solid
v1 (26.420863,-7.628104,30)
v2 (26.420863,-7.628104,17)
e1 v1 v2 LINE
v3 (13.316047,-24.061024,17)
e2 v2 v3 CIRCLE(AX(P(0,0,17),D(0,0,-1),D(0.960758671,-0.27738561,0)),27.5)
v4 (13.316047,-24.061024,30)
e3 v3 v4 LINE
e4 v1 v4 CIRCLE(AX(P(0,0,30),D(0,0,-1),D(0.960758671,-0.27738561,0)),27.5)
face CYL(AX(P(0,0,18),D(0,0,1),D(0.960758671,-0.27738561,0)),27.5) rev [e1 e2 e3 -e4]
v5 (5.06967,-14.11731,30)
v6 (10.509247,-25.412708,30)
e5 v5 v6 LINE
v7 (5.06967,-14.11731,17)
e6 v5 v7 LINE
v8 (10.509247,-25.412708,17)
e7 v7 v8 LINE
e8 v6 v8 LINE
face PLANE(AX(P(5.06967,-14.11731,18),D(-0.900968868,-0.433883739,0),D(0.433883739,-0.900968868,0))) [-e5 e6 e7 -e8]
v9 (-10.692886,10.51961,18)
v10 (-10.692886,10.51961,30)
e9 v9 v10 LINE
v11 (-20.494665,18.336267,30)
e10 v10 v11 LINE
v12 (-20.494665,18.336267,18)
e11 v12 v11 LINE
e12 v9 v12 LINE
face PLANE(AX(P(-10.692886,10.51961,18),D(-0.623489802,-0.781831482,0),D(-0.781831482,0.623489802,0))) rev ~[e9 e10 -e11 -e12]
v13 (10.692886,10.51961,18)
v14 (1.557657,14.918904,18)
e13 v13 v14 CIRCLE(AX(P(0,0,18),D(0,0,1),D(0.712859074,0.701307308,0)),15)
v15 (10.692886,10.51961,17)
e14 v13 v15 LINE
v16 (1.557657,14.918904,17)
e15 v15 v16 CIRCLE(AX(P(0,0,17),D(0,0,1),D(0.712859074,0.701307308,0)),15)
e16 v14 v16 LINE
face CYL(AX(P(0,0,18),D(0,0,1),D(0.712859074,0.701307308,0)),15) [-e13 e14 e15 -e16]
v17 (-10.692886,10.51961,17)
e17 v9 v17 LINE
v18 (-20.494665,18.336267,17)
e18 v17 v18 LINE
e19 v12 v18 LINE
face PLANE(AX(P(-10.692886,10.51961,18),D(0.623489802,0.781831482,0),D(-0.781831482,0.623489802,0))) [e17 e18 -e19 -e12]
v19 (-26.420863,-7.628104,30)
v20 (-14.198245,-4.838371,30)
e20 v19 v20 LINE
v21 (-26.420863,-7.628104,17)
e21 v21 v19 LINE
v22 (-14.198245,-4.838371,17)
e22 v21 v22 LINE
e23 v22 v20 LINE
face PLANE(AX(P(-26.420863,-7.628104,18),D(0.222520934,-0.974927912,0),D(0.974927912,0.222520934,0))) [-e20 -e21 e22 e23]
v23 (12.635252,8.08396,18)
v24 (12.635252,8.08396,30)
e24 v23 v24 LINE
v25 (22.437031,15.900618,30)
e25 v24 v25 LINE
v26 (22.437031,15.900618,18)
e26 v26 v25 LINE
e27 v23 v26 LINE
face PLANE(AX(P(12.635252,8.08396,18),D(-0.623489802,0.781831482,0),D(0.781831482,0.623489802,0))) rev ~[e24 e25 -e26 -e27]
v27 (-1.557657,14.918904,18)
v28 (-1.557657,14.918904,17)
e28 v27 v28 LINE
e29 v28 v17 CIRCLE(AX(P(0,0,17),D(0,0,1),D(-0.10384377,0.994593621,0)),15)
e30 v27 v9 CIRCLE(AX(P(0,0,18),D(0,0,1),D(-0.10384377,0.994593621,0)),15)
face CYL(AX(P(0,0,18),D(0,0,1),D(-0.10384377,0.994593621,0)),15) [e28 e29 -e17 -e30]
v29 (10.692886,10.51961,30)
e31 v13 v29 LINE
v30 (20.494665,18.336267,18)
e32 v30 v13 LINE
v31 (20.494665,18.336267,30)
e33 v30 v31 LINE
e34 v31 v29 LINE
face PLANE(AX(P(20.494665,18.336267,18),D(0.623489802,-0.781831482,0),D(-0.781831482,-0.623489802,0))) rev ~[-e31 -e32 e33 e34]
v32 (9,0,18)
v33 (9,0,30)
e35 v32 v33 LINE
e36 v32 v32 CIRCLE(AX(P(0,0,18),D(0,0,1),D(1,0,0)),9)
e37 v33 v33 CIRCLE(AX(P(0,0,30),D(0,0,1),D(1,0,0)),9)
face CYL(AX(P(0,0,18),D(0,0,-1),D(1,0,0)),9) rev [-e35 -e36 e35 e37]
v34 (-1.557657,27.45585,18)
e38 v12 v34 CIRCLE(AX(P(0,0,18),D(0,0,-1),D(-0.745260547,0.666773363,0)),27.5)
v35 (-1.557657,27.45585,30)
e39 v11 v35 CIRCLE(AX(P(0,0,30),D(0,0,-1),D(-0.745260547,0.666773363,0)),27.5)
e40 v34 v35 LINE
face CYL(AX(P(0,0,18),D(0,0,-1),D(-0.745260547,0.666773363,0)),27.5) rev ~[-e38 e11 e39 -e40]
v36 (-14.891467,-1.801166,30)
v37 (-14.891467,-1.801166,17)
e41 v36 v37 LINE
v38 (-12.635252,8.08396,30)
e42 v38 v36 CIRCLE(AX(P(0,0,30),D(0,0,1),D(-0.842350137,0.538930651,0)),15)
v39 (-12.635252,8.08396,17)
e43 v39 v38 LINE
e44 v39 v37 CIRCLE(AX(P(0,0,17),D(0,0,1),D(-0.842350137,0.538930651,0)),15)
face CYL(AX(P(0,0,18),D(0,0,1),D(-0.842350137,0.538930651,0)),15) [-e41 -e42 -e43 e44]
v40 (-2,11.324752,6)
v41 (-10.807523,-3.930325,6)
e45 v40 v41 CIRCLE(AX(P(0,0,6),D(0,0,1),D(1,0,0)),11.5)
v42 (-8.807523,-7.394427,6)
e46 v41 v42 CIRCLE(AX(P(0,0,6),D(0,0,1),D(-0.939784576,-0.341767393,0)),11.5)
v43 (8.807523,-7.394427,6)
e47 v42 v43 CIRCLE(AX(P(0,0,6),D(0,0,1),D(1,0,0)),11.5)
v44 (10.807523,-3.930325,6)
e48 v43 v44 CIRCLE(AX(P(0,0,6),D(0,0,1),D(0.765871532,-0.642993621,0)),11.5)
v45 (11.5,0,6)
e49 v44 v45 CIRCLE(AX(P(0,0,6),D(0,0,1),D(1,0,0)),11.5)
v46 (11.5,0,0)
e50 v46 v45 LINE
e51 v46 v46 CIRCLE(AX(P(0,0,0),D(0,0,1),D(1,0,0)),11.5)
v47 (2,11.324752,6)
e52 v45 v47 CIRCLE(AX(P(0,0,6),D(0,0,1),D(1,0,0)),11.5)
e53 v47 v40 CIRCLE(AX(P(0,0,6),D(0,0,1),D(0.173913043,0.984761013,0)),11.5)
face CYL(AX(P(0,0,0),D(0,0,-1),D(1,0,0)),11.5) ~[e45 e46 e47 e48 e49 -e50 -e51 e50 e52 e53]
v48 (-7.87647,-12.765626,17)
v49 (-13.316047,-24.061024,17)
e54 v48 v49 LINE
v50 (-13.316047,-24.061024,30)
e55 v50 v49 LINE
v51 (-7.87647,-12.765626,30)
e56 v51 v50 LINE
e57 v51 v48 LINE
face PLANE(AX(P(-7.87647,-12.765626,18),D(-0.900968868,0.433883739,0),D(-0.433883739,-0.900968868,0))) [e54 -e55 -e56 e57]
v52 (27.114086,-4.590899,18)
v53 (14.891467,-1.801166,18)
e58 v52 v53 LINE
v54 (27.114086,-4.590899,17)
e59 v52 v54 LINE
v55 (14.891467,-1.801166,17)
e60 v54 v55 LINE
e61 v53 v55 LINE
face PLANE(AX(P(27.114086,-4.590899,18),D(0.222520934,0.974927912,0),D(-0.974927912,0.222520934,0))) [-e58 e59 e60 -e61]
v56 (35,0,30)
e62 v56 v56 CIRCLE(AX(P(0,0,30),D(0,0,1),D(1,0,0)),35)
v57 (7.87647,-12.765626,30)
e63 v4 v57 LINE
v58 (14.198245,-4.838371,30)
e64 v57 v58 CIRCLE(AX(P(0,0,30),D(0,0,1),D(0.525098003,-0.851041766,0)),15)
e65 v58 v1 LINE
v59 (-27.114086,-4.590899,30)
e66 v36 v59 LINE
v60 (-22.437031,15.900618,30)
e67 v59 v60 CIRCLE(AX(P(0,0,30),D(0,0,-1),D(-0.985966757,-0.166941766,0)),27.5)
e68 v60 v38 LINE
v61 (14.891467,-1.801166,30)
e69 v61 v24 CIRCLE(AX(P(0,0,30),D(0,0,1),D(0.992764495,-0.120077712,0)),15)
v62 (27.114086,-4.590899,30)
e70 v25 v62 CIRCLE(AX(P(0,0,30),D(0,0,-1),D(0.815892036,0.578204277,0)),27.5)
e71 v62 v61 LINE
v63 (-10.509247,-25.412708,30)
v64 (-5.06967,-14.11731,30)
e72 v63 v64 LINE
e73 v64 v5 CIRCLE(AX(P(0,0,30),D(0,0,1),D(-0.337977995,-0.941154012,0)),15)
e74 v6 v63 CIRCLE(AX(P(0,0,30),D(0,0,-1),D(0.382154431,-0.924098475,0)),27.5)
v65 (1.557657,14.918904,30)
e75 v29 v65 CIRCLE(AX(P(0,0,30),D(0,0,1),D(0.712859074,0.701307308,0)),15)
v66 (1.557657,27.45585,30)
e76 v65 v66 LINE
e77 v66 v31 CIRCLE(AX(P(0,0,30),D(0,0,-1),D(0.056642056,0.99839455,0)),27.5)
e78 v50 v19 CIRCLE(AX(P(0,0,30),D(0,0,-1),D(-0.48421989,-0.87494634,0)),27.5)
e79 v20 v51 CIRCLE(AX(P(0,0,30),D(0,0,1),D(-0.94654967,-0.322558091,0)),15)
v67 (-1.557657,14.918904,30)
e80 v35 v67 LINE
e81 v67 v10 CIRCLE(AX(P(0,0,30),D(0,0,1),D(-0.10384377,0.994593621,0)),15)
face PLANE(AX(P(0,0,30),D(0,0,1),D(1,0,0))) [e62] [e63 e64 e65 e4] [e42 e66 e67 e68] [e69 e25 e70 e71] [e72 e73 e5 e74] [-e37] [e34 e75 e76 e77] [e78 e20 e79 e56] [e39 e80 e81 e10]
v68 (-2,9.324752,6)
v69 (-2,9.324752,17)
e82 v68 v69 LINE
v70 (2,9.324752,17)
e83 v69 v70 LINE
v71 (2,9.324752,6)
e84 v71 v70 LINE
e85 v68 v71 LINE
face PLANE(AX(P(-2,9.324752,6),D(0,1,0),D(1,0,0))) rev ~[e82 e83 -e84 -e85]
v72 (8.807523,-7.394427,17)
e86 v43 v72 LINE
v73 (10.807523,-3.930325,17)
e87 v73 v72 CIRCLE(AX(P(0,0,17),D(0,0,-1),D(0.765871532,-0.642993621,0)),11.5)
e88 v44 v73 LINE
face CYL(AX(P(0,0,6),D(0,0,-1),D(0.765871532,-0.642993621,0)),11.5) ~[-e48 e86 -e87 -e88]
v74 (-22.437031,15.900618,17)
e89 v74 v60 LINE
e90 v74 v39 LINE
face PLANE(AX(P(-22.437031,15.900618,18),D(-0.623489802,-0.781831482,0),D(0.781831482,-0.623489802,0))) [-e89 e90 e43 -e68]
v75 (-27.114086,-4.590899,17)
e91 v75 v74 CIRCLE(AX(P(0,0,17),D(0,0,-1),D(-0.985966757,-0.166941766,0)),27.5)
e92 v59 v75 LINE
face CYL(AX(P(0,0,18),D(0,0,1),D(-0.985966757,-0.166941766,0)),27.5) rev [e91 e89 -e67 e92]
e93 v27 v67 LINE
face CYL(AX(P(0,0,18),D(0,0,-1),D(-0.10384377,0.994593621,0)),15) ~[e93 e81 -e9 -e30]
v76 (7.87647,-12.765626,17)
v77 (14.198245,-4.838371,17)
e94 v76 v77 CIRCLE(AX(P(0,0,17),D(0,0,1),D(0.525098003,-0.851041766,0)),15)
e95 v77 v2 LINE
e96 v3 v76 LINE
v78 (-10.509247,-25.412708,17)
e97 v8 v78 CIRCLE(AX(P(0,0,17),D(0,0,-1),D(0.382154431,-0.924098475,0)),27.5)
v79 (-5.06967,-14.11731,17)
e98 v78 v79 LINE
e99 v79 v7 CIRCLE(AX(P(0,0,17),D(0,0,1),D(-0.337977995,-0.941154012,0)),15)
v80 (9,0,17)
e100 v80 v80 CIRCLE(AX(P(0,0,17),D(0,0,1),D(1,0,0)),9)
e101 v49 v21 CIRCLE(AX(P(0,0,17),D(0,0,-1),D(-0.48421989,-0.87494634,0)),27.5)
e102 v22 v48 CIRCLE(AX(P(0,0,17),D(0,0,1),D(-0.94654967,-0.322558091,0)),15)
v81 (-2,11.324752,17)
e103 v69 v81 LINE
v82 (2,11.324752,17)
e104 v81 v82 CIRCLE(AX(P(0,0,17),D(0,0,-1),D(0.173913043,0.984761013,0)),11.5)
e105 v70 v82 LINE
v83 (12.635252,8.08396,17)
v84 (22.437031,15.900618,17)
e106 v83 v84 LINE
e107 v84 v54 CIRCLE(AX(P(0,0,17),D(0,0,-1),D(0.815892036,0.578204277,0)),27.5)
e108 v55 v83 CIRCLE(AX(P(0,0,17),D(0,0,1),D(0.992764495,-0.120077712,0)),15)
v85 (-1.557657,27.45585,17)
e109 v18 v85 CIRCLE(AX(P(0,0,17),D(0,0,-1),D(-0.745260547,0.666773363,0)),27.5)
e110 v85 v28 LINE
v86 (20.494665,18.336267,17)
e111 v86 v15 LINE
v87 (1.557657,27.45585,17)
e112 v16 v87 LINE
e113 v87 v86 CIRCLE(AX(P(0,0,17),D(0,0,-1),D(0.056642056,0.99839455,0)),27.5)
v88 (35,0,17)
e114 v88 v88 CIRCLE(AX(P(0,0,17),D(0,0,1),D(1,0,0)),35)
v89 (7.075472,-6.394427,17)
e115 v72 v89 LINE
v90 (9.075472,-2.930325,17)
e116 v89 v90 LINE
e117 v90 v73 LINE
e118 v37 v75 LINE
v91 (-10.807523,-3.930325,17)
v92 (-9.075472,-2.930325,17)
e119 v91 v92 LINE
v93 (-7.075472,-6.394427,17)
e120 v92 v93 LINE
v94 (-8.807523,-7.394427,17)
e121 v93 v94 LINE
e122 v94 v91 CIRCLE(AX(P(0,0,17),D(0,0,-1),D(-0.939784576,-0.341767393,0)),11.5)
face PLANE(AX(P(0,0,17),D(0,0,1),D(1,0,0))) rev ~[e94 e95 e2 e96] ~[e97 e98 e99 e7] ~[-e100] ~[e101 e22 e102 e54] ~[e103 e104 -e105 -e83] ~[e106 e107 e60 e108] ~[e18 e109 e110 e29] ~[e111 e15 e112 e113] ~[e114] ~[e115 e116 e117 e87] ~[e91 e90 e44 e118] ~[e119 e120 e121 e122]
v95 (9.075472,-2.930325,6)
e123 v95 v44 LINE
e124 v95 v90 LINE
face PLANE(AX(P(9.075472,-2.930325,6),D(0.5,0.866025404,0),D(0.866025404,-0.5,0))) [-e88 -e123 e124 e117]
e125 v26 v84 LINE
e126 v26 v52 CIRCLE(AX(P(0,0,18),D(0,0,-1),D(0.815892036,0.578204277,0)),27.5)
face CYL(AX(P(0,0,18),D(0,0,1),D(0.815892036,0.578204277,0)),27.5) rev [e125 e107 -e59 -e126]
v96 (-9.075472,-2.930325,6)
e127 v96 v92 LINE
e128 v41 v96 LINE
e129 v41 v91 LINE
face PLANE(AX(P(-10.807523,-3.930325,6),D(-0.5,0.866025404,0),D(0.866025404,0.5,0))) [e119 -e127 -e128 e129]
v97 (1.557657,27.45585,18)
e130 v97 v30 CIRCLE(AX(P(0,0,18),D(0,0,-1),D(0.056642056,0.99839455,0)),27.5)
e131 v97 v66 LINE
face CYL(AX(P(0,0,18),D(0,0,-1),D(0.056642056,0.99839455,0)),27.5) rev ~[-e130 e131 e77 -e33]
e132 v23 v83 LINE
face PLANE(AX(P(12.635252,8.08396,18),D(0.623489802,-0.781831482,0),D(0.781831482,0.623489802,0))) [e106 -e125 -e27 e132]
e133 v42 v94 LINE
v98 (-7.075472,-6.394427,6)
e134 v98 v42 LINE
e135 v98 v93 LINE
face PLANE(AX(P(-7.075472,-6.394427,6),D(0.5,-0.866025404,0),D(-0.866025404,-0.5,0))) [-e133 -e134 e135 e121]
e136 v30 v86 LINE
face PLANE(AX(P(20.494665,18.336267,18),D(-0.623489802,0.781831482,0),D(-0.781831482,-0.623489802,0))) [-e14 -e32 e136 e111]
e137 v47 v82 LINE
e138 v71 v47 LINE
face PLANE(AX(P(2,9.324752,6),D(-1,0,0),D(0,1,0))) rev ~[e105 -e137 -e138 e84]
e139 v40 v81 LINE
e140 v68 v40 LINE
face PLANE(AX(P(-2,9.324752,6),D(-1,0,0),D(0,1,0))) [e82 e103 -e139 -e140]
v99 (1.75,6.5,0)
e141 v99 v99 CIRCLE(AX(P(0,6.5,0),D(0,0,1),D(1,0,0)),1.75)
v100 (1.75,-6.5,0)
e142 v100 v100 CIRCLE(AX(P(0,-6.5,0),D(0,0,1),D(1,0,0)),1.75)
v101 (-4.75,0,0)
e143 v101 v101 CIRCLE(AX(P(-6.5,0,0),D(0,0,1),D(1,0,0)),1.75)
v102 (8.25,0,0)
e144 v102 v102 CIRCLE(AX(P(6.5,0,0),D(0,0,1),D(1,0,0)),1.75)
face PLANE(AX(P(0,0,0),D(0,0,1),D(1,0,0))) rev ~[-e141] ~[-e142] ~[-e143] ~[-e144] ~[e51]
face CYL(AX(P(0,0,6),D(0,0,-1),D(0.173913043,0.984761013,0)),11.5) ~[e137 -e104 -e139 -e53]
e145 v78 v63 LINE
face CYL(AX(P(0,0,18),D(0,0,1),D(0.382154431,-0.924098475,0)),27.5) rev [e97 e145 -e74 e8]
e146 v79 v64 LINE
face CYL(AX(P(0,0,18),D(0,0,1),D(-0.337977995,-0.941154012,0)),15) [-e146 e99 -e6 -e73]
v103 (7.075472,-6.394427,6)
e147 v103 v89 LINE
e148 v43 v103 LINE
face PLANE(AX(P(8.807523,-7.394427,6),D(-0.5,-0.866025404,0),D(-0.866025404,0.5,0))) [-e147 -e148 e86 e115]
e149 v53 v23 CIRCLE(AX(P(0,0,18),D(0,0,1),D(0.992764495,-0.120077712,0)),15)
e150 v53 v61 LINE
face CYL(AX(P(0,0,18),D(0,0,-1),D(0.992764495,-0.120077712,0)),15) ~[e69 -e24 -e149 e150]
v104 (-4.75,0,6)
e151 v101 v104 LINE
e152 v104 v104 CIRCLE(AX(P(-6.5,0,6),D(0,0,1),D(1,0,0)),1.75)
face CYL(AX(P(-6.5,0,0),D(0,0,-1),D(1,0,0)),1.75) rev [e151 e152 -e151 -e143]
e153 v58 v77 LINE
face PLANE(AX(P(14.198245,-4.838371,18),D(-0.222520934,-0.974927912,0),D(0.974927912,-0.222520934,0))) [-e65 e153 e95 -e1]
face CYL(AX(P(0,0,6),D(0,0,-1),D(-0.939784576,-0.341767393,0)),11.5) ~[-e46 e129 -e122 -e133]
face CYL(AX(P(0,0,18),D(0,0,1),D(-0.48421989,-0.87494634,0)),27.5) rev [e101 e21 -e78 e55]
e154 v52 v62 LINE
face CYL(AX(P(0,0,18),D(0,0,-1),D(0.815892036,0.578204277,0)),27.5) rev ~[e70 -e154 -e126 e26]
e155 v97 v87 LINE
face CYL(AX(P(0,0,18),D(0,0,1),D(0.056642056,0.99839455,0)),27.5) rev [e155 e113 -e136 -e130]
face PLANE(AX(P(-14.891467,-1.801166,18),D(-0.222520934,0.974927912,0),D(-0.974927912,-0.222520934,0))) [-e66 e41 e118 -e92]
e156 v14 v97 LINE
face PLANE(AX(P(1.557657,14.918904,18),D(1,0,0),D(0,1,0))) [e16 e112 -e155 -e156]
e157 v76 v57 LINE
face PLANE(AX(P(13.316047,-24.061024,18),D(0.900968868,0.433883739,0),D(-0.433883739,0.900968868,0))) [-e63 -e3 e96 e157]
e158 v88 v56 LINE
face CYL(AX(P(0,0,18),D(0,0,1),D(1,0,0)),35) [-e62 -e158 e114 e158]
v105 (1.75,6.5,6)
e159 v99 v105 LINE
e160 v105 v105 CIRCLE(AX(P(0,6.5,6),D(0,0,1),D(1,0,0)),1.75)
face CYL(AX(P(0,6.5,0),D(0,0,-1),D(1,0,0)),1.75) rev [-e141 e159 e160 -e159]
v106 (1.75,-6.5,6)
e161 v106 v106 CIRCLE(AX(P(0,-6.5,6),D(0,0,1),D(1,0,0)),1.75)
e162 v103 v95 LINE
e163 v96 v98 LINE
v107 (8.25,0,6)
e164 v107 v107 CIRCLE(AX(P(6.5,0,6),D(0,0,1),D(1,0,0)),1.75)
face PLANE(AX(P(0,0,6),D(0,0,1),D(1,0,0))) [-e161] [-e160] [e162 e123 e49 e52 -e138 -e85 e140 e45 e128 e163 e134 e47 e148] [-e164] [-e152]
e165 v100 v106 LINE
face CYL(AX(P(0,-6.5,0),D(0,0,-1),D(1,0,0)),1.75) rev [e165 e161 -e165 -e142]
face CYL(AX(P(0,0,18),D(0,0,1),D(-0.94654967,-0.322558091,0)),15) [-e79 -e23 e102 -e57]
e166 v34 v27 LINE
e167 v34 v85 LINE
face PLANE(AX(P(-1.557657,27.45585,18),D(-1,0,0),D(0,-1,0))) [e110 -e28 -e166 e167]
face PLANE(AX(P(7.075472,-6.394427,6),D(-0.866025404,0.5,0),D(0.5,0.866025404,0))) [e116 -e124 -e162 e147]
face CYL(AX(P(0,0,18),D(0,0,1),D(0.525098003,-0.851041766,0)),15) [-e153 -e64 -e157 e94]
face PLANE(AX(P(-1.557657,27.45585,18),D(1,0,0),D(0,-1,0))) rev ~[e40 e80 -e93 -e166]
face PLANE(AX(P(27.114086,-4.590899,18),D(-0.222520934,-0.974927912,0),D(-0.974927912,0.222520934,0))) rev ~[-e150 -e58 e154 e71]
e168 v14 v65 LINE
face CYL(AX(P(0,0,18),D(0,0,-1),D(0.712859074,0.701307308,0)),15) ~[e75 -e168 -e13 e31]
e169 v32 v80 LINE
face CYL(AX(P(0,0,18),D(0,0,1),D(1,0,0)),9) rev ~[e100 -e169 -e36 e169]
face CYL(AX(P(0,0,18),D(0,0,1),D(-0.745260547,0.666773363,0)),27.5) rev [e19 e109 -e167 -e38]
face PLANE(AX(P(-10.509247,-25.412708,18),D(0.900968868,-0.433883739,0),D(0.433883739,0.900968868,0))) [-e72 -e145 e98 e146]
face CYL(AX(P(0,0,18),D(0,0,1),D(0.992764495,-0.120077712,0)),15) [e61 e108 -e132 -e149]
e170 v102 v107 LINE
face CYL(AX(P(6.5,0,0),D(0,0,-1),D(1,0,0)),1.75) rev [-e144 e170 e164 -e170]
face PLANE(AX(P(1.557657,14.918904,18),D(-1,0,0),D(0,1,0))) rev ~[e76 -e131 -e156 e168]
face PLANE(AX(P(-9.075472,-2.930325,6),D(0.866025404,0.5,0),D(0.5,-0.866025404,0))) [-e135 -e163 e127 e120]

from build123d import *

# Parameters (mm, degrees)
SKETCH1_R                = 11.5
SKETCH1_R_2              = 1.75
BOSS_EXTRUDE2_DEPTH      = 6
SKETCH2_W                = 4
SKETCH2_H                = 2
BOSS_EXTRUDE3_DEPTH      = 12
SKETCH3_R                = 35
SKETCH3_R_2              = 9
BOSS_EXTRUDE5_DEPTH      = 12
BOSS_EXTRUDE5_DEPTH_BACK = 1


with BuildPart() as part:
    # Sketch1 → Boss-Extrude2 (new body)
    with BuildSketch(Plane.XY):
        Circle(SKETCH1_R)
        with Locations((0, 6.5)):
            Circle(SKETCH1_R_2, mode=Mode.SUBTRACT)
        with Locations((6.5, 0)):
            Circle(SKETCH1_R_2, mode=Mode.SUBTRACT)
        with Locations((0, -6.5)):
            Circle(SKETCH1_R_2, mode=Mode.SUBTRACT)
        with Locations((-6.5, 0)):
            Circle(SKETCH1_R_2, mode=Mode.SUBTRACT)
    extrude(amount=BOSS_EXTRUDE2_DEPTH)

    # Sketch2 → Boss-Extrude3 (add)
    with BuildSketch(Plane.XY.offset(6)):
        with Locations((0, 10.324751653)):
            Rectangle(SKETCH2_W, SKETCH2_H)
        with BuildLine():
            Line((-2, 11.324751653), (2, 11.324751653))
            ThreePointArc((2, 11.324751653), (0, 11.5), (-2, 11.324751653))
        make_face()
        with BuildLine():
            ThreePointArc((8.807522623, -7.394426634), (9.959292144, -5.75), (10.807522623, -3.930325019))
            Line((10.807522623, -3.930325019), (8.807522623, -7.394426634))
        make_face()
        Polygon((8.807522623, -7.394426634), (7.075471815, -6.394426634), (9.075471815, -2.930325019), (10.807522623, -3.930325019), align=None)
        with BuildLine():
            ThreePointArc((-10.807522623, -3.930325019), (-9.959292144, -5.75), (-8.807522623, -7.394426634))
            Line((-8.807522623, -7.394426634), (-10.807522623, -3.930325019))
        make_face()
        Polygon((-10.807522623, -3.930325019), (-9.075471815, -2.930325019), (-7.075471815, -6.394426634), (-8.807522623, -7.394426634), align=None)
    extrude(amount=BOSS_EXTRUDE3_DEPTH)

    # Sketch3 → Boss-Extrude5 (add, two sides)
    with BuildSketch(Plane.XY.offset(18)) as boss_extrude5_sk:
        Circle(SKETCH3_R)
        with BuildLine():
            Line((-1.55765655, 27.455850125), (-1.55765655, 14.918904319))
            ThreePointArc((-1.55765655, 14.918904319), (-6.508256087, 13.514533019), (-10.692886106, 10.519609628))
            Line((-10.692886106, 10.519609628), (-20.494665031, 18.336267484))
            ThreePointArc((-20.494665031, 18.336267484), (-11.931802826, 24.776643867), (-1.55765655, 27.455850125))
        make_face(mode=Mode.SUBTRACT)
        with BuildLine():
            Line((-22.437030979, 15.900617624), (-12.635252054, 8.083959768))
            ThreePointArc((-12.635252054, 8.083959768), (-14.623918683, 3.337814009), (-14.89146743, -1.801165674))
            Line((-14.89146743, -1.801165674), (-27.11408583, -4.590898564))
            ThreePointArc((-27.11408583, -4.590898564), (-26.810517585, 6.119325684), (-22.437030979, 15.900617624))
        make_face(mode=Mode.SUBTRACT)
        with BuildLine():
            Line((-26.420863449, -7.628104261), (-14.198245049, -4.838371371))
            ThreePointArc((-14.198245049, -4.838371371), (-11.727472237, -9.352347028), (-7.876470048, -12.765626486))
            Line((-7.876470048, -12.765626486), (-13.316046972, -24.061024356))
            ThreePointArc((-13.316046972, -24.061024356), (-21.500365768, -17.145969551), (-26.420863449, -7.628104261))
        make_face(mode=Mode.SUBTRACT)
        with BuildLine():
            Line((-10.509246854, -25.412708052), (-5.069669931, -14.117310183))
            ThreePointArc((-5.069669931, -14.117310183), (0, -15), (5.069669931, -14.117310183))
            Line((5.069669931, -14.117310183), (10.509246854, -25.412708052))
            ThreePointArc((10.509246854, -25.412708052), (0, -27.5), (-10.509246854, -25.412708052))
        make_face(mode=Mode.SUBTRACT)
        with BuildLine():
            Line((13.316046972, -24.061024356), (7.876470048, -12.765626486))
            ThreePointArc((7.876470048, -12.765626486), (11.727472237, -9.352347028), (14.198245049, -4.838371371))
            Line((14.198245049, -4.838371371), (26.420863449, -7.628104261))
            ThreePointArc((26.420863449, -7.628104261), (21.500365768, -17.145969551), (13.316046972, -24.061024356))
        make_face(mode=Mode.SUBTRACT)
        with BuildLine():
            Line((27.11408583, -4.590898564), (14.89146743, -1.801165674))
            ThreePointArc((14.89146743, -1.801165674), (14.623918683, 3.337814009), (12.635252054, 8.083959768))
            Line((12.635252054, 8.083959768), (22.437030979, 15.900617624))
            ThreePointArc((22.437030979, 15.900617624), (26.810517585, 6.119325684), (27.11408583, -4.590898564))
        make_face(mode=Mode.SUBTRACT)
        with BuildLine():
            Line((20.494665031, 18.336267484), (10.692886106, 10.519609628))
            ThreePointArc((10.692886106, 10.519609628), (6.508256087, 13.514533019), (1.55765655, 14.918904319))
            Line((1.55765655, 14.918904319), (1.55765655, 27.455850125))
            ThreePointArc((1.55765655, 27.455850125), (11.931802826, 24.776643867), (20.494665031, 18.336267484))
        make_face(mode=Mode.SUBTRACT)
        Circle(SKETCH3_R_2, mode=Mode.SUBTRACT)
    extrude(amount=BOSS_EXTRUDE5_DEPTH)
    extrude(boss_extrude5_sk.sketch, amount=-BOSS_EXTRUDE5_DEPTH_BACK)


solid = part.part
